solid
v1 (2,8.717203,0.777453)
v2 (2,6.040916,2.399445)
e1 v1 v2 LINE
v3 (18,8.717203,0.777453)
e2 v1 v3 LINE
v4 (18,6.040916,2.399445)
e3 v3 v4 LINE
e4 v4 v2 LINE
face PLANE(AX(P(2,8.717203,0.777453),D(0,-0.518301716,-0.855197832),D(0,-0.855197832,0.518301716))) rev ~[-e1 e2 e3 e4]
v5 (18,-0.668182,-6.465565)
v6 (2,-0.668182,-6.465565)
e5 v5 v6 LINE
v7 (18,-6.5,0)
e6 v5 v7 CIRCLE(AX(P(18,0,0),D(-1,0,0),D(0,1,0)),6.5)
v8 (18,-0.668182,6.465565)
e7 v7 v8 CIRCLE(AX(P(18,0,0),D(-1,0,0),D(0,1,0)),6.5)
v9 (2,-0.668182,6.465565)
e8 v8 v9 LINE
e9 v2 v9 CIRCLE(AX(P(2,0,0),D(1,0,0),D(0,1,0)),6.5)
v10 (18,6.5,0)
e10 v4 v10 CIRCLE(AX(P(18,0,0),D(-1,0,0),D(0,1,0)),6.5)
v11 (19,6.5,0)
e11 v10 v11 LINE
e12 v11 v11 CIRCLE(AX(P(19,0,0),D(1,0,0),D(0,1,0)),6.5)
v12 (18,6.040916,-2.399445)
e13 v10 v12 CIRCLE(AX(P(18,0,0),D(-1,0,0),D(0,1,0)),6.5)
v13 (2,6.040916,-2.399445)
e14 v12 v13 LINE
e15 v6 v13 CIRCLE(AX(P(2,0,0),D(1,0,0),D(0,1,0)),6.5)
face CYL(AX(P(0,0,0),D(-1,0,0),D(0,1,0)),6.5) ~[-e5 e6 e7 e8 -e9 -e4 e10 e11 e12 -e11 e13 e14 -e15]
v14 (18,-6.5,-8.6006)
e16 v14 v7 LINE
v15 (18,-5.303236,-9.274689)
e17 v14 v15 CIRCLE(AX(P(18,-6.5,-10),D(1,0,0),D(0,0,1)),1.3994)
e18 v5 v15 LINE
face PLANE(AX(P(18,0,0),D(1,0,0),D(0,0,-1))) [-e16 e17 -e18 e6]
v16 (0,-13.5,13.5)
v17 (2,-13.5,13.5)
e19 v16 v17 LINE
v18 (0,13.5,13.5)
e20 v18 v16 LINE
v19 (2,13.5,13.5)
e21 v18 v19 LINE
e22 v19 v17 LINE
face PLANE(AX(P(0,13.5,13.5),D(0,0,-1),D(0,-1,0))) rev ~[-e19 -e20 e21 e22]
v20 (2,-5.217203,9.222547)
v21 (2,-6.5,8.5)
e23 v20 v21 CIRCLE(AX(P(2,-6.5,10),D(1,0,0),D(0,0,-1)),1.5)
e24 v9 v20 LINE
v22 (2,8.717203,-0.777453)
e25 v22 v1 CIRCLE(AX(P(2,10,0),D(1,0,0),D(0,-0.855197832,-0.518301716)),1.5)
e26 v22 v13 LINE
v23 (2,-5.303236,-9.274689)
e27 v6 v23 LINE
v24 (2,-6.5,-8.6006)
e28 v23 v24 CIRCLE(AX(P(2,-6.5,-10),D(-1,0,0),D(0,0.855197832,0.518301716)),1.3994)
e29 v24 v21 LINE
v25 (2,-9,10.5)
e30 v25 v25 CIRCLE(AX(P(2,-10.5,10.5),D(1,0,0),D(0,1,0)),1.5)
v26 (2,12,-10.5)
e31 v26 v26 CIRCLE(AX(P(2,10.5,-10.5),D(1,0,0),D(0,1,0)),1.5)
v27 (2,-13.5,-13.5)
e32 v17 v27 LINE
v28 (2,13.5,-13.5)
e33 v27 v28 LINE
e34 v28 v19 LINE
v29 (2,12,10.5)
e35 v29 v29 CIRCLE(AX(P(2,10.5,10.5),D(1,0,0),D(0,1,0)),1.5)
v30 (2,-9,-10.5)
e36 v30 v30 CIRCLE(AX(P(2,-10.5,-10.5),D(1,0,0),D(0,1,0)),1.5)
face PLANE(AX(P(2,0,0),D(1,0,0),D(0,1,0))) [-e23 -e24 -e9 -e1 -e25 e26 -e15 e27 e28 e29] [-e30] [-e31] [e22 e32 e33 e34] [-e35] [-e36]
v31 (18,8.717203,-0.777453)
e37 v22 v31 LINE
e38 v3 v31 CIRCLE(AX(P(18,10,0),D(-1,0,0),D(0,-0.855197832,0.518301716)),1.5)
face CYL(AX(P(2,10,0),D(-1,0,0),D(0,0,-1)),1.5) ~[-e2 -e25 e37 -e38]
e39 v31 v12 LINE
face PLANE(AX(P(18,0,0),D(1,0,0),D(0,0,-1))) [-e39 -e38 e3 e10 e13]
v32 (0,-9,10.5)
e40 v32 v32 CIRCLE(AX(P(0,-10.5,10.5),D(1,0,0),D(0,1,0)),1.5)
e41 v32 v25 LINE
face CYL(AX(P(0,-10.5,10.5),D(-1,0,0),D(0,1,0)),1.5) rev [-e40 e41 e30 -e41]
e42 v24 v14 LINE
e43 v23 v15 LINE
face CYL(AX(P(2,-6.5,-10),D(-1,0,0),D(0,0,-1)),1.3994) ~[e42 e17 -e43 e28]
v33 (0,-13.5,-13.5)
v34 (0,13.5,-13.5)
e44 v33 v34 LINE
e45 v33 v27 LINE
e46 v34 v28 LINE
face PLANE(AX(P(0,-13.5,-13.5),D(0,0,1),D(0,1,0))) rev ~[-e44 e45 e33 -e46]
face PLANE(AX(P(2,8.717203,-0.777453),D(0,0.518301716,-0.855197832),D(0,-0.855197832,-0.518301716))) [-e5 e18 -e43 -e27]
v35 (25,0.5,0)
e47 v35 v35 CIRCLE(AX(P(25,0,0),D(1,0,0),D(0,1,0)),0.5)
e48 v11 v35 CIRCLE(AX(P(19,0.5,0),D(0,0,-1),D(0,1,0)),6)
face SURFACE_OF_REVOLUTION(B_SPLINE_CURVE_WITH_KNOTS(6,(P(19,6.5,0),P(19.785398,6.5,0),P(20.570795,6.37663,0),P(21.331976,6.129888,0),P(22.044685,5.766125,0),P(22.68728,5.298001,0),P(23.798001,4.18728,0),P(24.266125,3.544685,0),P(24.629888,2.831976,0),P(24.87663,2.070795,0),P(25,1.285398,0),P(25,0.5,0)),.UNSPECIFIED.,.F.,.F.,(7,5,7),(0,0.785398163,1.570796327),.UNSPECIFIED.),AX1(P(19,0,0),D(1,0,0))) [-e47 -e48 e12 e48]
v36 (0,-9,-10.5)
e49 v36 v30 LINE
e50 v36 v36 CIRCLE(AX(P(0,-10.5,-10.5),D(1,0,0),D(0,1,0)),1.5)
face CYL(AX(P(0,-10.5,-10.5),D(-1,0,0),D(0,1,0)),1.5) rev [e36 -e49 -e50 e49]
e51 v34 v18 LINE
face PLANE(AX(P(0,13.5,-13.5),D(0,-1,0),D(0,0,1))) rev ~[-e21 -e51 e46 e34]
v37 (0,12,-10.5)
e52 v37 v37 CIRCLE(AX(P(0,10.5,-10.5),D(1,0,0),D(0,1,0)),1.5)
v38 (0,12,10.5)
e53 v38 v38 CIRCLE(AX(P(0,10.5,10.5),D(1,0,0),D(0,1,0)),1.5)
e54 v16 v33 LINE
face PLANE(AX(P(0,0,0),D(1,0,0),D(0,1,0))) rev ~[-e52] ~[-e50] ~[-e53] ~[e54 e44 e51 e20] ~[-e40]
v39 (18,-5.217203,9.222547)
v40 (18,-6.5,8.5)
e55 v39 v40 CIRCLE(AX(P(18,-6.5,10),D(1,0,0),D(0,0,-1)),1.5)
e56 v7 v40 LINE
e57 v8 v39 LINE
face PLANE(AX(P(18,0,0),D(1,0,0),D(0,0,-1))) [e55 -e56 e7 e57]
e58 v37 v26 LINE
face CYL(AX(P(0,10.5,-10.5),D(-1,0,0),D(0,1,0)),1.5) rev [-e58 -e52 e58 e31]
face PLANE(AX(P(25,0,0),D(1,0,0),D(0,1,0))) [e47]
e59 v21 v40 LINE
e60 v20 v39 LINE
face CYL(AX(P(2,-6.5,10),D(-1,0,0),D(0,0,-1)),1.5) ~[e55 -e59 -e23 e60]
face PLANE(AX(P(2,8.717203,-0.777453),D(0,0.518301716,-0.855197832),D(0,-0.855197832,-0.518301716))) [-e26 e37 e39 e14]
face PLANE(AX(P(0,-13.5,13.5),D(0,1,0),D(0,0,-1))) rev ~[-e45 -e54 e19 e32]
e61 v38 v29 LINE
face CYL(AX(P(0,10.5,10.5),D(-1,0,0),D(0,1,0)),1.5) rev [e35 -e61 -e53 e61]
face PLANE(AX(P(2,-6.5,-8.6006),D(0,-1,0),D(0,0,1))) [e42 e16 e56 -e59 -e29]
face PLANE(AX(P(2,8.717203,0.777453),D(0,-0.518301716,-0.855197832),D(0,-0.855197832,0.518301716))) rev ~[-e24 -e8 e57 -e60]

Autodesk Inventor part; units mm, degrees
ref_plane "YZ Plane" through (0, 0, 0) normal (1, 0, 0) x (0, 1, 0)
ref_plane "XZ Plane" through (0, 0, 0) normal (0, 1, 0) x (-1, 0, 0)
ref_plane "XY Plane" through (0, 0, 0) normal (0, 0, 1) x (1, 0, 0)
sketch "スケッチ1" plane through (0, 0, 0) normal (1, 0, 0) x (0, 1, 0)
  line L0 (13.5, 13.5) -> (-13.5, 13.5)
  line L1 (-13.5, 13.5) -> (-13.5, -13.5)
  line L2 (-13.5, -13.5) -> (13.5, -13.5)
  line L3 (13.5, -13.5) -> (13.5, 13.5)
  circle A0 centre (0, 0) radius 6.5
  circle A1 centre (10.5, 10.5) radius 1.5
  circle A2 centre (10.5, -10.5) radius 1.5
  circle A3 centre (-10.5, -10.5) radius 1.5
  circle A4 centre (-10.5, 10.5) radius 1.5
  dimension "d0" = 27
  dimension "d1" = 27
  dimension "d2" = 13.5
  dimension "d3" = 13.5
  dimension "d4" = 13.5
  dimension "d5" = 13.5
  dimension "d6" = 13
  dimension "d7" = 3
  dimension "d8" = 3
  dimension "d9" = 3
  dimension "d10" = 3
  dimension "d11" = 3
  dimension "d12" = 3
  dimension "d13" = 3
  dimension "d14" = 3
  dimension "d15" = 3
  dimension "d16" = 3
  dimension "d17" = 3
  dimension "d18" = 3
extrude "押し出し1" add sketch "スケッチ1" along normal blind 2
extrude "押し出し2" add sketch "スケッチ1" along normal blind 25 contours A0
fillet "フィレット1" radius 6 1 edges at (25, -6.5, 0)
sketch "スケッチ2" plane through (2, 0, 0) normal (1, 0, 0) x (0, 0, -1)
  circle A0 centre (0, 10) radius 1.5
  circle A1 centre (-10, -6.5) radius 1.5
  circle A2 centre (10, -6.5) radius 1.3994
  line L0 (0, 10) -> (10, -6.5)
  line L1 (10, -6.5) -> (-10, -6.5)
  line L2 (0, 10) -> (-10, -6.5)
  line L3 (13.5, 13.5) -> (-13.5, 13.5) projected
  line L4 (13.5, -13.5) -> (13.5, 13.5) projected
  line L5 (-13.5, 13.5) -> (-13.5, -13.5) projected
  line L6 (-13.5, -13.5) -> (13.5, -13.5) projected
  point P0 (0, 0)
  dimension "d25" = 3.5
  dimension "d26" = 3.5
  dimension "d27" = 3.5
  dimension "d28" = 2.7988
  dimension "d29" = 7
  dimension "d30" = 3
  dimension "d31" = 3
extrude "押し出し3" add sketch "スケッチ2" along normal blind 16 contours A0 L0 L2 | L2 L0 A0 | A0 L0 A2 L1 A1 L2 | L2 L1 A1 | A1 L1 L2 | L0 L1 A2 | A2 L1 L0
properties part number "キャスター" material "PAEK 樹脂"
